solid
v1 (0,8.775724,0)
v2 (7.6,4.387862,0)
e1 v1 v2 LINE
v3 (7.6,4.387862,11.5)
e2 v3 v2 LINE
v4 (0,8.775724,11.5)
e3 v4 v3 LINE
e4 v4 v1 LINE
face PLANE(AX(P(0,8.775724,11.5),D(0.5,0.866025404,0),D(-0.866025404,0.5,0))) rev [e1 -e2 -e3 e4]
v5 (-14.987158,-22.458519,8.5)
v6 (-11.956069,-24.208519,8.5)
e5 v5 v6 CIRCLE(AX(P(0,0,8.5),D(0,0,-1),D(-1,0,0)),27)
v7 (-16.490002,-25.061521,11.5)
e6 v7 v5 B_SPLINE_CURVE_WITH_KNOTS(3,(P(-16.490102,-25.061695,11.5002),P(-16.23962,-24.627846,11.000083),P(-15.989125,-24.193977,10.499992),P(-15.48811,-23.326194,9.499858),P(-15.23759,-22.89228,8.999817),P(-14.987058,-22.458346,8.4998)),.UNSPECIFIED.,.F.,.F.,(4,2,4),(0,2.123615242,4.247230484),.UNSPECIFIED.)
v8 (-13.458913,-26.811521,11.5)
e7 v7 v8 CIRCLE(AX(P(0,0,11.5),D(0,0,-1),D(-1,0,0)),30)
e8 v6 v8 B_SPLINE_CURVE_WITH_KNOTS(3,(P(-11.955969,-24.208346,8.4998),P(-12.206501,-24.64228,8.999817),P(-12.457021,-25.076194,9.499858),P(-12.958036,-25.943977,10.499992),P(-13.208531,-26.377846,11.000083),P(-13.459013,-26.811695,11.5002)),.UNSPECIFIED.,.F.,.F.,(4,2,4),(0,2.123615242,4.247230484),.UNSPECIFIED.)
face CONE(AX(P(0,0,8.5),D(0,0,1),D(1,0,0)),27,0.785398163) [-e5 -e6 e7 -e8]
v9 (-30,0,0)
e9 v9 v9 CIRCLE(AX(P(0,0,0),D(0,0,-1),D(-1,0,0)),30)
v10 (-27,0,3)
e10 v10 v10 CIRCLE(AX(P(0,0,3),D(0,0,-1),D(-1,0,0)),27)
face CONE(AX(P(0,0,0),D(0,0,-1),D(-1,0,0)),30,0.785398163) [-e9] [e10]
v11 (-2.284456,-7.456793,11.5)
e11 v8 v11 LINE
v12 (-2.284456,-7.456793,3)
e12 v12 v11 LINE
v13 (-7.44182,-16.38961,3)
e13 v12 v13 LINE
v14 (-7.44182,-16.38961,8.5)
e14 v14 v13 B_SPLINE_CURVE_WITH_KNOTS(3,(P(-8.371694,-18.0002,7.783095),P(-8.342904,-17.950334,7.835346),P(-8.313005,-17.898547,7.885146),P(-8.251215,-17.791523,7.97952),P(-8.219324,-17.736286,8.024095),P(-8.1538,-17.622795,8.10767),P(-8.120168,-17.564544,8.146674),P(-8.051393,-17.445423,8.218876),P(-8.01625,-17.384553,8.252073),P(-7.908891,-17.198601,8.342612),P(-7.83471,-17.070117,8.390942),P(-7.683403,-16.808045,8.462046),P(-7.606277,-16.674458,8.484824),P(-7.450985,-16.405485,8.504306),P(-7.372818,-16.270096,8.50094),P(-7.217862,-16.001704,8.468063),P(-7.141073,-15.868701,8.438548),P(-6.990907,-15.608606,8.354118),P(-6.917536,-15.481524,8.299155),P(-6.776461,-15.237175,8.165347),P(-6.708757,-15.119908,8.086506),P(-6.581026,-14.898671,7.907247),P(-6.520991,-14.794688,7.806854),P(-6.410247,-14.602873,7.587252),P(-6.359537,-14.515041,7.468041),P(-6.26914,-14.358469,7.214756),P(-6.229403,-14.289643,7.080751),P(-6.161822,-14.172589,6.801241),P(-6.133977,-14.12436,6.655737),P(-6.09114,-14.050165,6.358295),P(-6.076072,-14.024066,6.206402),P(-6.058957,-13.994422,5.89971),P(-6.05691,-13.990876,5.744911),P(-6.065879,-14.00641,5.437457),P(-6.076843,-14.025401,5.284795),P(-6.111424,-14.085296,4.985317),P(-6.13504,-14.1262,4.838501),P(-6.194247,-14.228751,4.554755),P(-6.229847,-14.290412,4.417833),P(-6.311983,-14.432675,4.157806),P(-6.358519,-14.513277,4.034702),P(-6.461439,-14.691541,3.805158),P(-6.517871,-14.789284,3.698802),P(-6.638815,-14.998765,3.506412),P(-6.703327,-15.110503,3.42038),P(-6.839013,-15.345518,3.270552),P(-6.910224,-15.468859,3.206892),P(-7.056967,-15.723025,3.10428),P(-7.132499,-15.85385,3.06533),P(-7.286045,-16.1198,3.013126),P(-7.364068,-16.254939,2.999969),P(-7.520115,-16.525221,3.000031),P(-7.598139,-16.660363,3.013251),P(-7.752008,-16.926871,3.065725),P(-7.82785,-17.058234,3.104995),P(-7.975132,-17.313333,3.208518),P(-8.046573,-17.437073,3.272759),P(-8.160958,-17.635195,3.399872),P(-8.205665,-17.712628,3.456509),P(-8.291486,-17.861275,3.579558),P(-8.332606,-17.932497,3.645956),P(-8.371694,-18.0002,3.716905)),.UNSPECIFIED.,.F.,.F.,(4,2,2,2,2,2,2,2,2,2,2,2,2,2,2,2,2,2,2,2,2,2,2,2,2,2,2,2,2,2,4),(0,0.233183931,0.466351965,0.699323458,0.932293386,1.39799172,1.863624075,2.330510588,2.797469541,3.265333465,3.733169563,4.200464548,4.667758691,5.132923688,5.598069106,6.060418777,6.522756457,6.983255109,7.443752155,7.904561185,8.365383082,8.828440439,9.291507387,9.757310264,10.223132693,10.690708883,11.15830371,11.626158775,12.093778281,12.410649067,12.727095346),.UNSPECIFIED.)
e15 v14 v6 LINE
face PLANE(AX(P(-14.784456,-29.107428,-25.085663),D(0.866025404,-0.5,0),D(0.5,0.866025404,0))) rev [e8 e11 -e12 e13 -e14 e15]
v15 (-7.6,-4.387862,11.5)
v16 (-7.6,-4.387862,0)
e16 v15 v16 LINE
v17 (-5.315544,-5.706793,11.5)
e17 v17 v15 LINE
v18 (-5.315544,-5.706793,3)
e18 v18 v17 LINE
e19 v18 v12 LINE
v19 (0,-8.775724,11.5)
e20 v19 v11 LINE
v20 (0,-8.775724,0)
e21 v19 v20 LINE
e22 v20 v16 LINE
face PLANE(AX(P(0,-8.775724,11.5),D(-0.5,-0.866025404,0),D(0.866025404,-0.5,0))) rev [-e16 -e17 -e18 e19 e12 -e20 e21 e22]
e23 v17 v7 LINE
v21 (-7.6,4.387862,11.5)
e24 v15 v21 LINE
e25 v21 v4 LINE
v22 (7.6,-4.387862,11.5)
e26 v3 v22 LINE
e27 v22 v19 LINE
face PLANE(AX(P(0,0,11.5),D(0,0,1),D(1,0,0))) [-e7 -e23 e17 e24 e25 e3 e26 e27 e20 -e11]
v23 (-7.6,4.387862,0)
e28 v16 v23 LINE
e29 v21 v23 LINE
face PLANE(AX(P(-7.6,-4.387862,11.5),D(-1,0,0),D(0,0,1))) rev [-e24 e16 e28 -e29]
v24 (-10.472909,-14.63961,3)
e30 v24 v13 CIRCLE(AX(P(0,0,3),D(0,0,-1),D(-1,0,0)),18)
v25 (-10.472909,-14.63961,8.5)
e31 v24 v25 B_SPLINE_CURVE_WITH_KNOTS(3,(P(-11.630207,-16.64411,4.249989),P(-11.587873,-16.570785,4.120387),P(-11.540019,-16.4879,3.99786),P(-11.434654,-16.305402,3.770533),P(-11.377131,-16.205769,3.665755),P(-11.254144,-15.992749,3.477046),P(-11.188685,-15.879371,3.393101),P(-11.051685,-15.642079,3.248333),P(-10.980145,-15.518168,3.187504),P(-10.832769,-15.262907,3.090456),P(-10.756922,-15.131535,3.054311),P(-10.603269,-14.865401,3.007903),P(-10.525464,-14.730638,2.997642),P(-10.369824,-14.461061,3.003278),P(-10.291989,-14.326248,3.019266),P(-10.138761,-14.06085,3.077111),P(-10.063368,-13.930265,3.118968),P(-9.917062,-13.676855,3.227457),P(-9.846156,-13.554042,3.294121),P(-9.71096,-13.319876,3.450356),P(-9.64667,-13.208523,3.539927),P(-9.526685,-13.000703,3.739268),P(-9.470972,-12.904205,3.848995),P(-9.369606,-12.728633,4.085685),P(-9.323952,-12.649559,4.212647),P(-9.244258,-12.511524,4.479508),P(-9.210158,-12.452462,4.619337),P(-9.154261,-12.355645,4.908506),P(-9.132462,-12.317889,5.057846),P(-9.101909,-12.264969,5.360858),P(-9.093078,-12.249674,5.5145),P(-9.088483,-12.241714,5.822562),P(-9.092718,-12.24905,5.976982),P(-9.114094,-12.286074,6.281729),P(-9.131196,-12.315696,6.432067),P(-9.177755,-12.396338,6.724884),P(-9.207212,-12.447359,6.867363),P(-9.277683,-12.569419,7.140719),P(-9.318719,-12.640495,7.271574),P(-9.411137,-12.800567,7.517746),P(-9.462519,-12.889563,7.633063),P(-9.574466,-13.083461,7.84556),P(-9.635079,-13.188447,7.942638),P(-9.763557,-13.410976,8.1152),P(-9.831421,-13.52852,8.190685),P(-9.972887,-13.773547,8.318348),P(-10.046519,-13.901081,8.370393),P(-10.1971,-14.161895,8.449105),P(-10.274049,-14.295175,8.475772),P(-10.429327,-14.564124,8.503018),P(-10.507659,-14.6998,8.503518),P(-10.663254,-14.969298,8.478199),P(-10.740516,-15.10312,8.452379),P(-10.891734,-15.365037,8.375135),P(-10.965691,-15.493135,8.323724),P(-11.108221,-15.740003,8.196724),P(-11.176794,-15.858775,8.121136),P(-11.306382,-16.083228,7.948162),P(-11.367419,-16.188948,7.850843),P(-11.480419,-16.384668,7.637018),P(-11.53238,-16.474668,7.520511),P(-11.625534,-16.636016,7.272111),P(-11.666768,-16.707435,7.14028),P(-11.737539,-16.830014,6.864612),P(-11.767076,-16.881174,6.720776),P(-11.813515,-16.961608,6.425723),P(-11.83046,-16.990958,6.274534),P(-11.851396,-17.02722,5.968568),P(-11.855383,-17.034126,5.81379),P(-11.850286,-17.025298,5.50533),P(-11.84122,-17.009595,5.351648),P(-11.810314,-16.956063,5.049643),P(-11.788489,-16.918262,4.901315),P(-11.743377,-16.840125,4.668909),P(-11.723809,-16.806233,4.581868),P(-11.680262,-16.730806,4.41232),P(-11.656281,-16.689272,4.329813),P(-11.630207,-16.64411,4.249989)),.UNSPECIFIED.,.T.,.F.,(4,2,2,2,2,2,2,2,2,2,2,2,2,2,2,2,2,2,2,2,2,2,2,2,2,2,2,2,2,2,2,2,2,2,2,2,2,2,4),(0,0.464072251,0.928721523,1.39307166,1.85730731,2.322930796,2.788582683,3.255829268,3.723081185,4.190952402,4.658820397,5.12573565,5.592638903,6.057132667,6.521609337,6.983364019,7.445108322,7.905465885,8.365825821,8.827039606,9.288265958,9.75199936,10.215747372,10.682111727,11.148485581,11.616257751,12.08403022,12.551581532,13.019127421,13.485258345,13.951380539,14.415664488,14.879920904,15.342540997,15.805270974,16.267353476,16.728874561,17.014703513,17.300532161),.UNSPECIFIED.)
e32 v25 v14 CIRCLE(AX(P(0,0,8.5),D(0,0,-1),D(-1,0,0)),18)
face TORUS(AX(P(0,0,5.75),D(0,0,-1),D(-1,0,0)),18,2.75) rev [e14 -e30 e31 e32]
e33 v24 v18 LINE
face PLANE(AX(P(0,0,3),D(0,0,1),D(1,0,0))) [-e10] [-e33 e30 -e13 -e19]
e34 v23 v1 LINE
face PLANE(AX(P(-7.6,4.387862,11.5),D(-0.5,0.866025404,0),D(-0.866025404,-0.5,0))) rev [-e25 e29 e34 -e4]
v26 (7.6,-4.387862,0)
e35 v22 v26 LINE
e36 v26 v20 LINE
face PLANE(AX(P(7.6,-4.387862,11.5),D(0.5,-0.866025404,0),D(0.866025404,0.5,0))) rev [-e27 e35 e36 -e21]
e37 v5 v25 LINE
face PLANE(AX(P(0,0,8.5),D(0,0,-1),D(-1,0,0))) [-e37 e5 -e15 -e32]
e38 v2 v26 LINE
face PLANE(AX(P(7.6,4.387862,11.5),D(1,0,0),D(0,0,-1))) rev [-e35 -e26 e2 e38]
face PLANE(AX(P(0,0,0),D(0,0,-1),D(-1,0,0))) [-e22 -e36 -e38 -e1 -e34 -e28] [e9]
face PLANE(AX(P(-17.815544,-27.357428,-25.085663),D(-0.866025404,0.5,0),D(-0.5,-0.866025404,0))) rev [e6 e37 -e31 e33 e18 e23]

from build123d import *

# Parameters (mm, degrees)
ENL_V_MAT_EXTRU_1_DEPTH = 44.957365708
ENL_V_MAT_EXTRU_2_REACH = 45.957


with BuildPart() as part:
    # Esquisse1 → Révolution1 (revolve)
    with BuildSketch(Plane(origin=(0, 0, 0), x_dir=(-1, 0, 0), z_dir=(0, 1, 0))):
        with BuildLine():
            Line((0, 11.5), (0, 0))
            Line((0, 0), (30, 0))
            Line((30, 0), (27, 3))
            Line((27, 3), (18, 3))
            ThreePointArc((18, 3), (15.25, 5.75), (18, 8.5))
            Line((18, 8.5), (27, 8.5))
            Line((27, 8.5), (30, 11.5))
            Line((30, 11.5), (0, 11.5))
        make_face()
    revolve(axis=Axis((0, 0, 0), (0, 0, 1)))

    # Esquisse2 → Enlèv. mat.-Extru.1 (cut, through all)
    with BuildSketch(Plane(origin=(0, 0, 0), x_dir=(1, 0, 0), z_dir=(0, 0, -1))):
        Polygon((7.6, 4.387862046), (0, 8.775724092), (-7.6, 4.387862046), (-7.6, -4.387862046), (0, -8.775724092), (7.6, -4.387862046), align=None)
    extrude(amount=-ENL_V_MAT_EXTRU_1_DEPTH, mode=Mode.SUBTRACT)

    # Enlèv. mat.-Extru.2: up to this face of the body (flat: up to its plane)
    enl_v_mat_extru_2_end = Plane(part.part.faces().sort_by_distance((26.236324676, 0, 3))[0])
    # Esquisse3 → Enlèv. mat.-Extru.2 (cut, up to the picked face)
    with BuildSketch(Plane.XY.offset(11.5), mode=Mode.PRIVATE) as enl_v_mat_extru_2_sk1:
        Polygon((-14.784455543, -29.107428163), (-17.815544457, -27.357428163), (-5.315544457, -5.706793069), (-2.284455543, -7.456793069), align=None)
    enl_v_mat_extru_2_tool1 = split(extrude(enl_v_mat_extru_2_sk1.sketch, amount=-ENL_V_MAT_EXTRU_2_REACH, mode=Mode.PRIVATE), bisect_by=enl_v_mat_extru_2_end, keep=Keep.BOTH, mode=Mode.PRIVATE)
    add(enl_v_mat_extru_2_tool1.solids().sort_by(Axis((-10.05, -17.407111, 11.5), (0, 0, -1)))[0], mode=Mode.SUBTRACT)


solid = part.part
